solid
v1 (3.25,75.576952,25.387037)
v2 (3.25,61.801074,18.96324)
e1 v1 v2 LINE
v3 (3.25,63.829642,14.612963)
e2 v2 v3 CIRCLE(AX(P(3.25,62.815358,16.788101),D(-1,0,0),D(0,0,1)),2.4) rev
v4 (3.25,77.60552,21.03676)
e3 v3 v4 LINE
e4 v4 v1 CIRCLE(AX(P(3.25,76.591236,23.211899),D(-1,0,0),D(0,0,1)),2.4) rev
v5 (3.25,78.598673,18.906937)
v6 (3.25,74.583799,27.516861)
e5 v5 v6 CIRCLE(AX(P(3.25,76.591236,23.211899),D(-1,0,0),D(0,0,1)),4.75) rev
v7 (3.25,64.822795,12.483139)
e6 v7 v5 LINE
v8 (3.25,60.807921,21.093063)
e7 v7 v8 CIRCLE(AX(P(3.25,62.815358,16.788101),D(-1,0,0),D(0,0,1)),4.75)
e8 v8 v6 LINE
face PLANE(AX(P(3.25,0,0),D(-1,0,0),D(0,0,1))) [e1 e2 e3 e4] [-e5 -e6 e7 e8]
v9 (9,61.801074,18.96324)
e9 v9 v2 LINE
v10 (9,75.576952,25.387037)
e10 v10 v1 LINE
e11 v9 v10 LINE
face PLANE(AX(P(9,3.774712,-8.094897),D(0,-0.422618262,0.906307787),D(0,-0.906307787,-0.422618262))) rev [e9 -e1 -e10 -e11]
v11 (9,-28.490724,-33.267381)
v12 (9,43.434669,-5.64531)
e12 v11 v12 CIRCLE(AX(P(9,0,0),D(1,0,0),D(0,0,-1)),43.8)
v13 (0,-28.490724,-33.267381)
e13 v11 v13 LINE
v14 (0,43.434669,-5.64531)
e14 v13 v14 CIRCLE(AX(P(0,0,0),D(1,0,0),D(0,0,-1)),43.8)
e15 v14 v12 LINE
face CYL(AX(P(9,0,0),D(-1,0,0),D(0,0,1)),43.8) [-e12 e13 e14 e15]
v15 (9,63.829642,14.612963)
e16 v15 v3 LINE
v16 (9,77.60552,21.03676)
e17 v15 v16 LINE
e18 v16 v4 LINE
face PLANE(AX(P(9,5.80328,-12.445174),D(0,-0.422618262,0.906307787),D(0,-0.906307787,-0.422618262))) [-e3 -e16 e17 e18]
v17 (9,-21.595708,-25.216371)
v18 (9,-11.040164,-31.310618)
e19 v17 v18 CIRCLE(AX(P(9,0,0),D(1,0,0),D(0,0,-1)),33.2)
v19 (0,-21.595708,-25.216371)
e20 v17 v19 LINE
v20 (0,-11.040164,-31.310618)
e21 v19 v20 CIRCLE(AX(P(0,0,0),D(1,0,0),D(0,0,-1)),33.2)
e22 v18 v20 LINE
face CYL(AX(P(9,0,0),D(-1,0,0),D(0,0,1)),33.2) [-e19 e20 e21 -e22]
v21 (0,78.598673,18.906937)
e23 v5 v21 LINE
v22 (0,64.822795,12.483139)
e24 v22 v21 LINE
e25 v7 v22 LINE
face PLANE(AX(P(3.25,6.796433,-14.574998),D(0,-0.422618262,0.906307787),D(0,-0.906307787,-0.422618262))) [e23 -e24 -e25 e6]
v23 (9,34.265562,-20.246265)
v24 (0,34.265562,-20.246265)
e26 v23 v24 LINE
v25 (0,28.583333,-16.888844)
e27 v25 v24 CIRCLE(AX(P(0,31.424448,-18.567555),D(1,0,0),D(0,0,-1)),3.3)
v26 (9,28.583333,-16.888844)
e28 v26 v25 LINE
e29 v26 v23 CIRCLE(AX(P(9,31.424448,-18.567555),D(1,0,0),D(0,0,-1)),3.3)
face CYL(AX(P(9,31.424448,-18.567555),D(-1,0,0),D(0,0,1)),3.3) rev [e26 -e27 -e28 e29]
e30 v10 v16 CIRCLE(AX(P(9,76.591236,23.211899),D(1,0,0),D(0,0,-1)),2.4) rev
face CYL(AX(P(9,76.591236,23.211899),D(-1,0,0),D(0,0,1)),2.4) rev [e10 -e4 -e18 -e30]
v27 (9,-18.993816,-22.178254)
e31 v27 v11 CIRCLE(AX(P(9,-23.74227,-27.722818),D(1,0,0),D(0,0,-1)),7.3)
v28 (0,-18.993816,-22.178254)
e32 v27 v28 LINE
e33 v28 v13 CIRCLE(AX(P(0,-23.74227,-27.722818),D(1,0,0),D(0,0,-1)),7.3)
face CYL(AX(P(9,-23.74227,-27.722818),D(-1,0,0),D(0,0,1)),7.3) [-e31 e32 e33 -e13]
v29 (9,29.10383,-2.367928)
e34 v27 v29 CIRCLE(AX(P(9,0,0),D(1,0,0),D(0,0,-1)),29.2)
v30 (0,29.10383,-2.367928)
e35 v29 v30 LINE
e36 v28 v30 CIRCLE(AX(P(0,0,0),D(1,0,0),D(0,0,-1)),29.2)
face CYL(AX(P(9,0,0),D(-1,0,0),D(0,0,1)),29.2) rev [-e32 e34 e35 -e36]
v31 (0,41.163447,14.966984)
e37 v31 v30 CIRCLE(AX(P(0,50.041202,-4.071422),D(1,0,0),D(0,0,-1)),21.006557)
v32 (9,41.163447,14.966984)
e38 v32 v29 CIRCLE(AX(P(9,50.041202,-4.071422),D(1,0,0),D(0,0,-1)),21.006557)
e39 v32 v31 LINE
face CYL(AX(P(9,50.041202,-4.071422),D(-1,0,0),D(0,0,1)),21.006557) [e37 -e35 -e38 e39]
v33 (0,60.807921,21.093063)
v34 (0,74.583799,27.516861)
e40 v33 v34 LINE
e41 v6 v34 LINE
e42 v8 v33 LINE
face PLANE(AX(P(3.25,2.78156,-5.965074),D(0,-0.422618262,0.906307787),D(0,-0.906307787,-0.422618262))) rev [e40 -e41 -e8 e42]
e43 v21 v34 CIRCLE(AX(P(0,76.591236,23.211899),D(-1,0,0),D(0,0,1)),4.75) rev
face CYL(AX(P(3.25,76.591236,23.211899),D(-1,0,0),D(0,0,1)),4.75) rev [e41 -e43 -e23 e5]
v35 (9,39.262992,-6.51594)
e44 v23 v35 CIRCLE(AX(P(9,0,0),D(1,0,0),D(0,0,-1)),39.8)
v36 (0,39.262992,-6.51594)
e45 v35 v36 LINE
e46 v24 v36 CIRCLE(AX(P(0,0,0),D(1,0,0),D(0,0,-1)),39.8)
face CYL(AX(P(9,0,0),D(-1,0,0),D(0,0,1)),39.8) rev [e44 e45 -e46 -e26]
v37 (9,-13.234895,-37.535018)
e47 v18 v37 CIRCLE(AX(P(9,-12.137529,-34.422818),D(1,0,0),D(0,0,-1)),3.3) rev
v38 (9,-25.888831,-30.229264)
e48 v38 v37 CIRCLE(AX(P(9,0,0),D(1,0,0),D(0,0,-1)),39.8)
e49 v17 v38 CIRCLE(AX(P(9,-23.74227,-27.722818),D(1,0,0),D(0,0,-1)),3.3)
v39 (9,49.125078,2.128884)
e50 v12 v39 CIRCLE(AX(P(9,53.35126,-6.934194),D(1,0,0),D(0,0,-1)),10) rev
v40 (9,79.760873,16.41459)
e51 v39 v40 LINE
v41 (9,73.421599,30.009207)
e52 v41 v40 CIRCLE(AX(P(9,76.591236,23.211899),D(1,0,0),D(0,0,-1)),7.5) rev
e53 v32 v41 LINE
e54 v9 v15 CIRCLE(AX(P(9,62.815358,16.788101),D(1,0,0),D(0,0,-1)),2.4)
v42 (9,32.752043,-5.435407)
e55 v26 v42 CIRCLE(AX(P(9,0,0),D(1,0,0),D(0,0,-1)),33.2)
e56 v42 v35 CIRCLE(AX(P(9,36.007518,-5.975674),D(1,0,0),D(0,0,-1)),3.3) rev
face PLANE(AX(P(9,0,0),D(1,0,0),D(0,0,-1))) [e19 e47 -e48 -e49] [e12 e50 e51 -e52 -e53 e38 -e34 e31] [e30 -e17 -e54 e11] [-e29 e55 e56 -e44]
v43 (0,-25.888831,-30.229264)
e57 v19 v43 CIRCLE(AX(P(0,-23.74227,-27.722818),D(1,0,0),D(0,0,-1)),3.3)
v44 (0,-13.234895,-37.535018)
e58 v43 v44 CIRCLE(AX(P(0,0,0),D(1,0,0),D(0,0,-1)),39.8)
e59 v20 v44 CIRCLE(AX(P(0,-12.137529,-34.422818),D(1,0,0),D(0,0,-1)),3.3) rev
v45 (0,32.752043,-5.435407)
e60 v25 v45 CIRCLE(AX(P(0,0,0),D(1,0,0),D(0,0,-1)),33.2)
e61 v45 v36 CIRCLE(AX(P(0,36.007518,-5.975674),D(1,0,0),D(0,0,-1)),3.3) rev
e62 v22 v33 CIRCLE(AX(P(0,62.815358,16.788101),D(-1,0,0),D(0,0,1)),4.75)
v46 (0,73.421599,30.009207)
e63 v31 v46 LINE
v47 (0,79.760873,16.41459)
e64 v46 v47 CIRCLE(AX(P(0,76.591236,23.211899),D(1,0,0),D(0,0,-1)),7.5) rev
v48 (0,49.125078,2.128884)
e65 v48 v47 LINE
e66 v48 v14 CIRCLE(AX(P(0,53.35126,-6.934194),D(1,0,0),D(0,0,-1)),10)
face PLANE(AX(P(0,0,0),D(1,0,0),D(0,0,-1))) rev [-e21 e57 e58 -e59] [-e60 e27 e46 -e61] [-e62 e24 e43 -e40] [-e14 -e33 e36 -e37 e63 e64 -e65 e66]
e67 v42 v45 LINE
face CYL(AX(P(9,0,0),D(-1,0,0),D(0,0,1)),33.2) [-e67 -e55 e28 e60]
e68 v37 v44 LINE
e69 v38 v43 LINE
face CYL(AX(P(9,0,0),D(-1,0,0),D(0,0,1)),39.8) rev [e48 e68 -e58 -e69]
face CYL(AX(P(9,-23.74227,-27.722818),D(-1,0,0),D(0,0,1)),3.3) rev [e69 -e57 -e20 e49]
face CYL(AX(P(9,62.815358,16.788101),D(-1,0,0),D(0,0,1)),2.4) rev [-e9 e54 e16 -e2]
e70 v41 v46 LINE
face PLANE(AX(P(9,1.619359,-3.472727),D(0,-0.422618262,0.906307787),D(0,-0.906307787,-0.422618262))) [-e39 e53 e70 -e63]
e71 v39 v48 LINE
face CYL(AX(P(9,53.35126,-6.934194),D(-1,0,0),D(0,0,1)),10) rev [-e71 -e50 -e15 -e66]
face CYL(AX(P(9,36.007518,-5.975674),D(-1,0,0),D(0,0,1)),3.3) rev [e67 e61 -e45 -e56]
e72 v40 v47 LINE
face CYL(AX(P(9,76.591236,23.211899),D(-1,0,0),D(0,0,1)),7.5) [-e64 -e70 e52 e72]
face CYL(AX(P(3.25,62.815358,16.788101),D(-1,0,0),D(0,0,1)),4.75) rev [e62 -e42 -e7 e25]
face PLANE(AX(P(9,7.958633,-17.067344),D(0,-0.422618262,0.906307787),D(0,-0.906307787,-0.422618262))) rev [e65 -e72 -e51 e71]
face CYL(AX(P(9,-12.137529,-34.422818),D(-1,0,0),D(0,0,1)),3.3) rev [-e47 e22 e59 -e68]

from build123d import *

# Parameters (mm, degrees)
BOSS_EXTRUDE1_DEPTH = 9
FILLET1_R           = 10
CUT_EXTRUDE1_DEPTH  = 3.25


with BuildPart() as part:
    # Sketch2 → Boss-Extrude1 (new body)
    with BuildSketch(Plane(origin=(0, 0, 0), x_dir=(0, 0, -1), z_dir=(1, 0, 0))):
        with BuildLine():
            Line((-30.009207192, 73.421599264), (-14.966983891, 41.163447295))
            ThreePointArc((-14.966983891, 41.163447295), (-7.925043754, 32.797065521), (2.36792839, 29.103829905))
            ThreePointArc((2.36792839, 29.103829905), (26.999530596, 11.120492238), (22.178254162, -18.993815897))
            ThreePointArc((22.178254162, -18.993815897), (22.974363729, -29.286833411), (33.267381244, -28.490723845))
            ThreePointArc((33.267381244, -28.490723845), (39.862888041, 18.149108987), (0.354910699, 43.798562059))
            Line((0.354910699, 43.798562059), (-16.414590386, 79.76087319))
            ThreePointArc((-16.414590386, 79.76087319), (-26.381535752, 83.388544629), (-30.009207192, 73.421599264))
        make_face()
        with BuildLine():
            ThreePointArc((-14.612962522, 63.829641692), (-15.773817383, 60.640219175), (-18.9632399, 61.801074036))
            Line((-18.9632399, 61.801074036), (-25.387037478, 75.576952399))
            ThreePointArc((-25.387037478, 75.576952399), (-24.226182617, 78.766374916), (-21.0367601, 77.605520055))
            Line((-21.0367601, 77.605520055), (-14.612962522, 63.829641692))
        make_face(mode=Mode.SUBTRACT)
        with BuildLine():
            ThreePointArc((5.435407174, 32.75204343), (2.720199354, 36.547784002), (6.515939926, 39.262991823))
            ThreePointArc((6.515939926, 39.262991823), (13.612401704, 37.399766307), (20.246265091, 34.265562156))
            ThreePointArc((20.246265091, 34.265562156), (21.408669119, 29.745737284), (16.888844247, 28.583333256))
            ThreePointArc((16.888844247, 28.583333256), (11.355068758, 31.19779501), (5.435407174, 32.75204343))
        make_face(mode=Mode.SUBTRACT)
        with BuildLine():
            ThreePointArc((30.229264235, -25.888831256), (25.576256317, -26.248716403), (25.216371171, -21.595708485))
            ThreePointArc((25.216371171, -21.595708485), (28.752043406, -16.6), (31.310617746, -11.040163783))
            ThreePointArc((31.310617746, -11.040163783), (35.52018338, -9.025329503), (37.53501766, -13.234895137))
            ThreePointArc((37.53501766, -13.234895137), (34.467811071, -19.9), (30.229264235, -25.888831256))
        make_face(mode=Mode.SUBTRACT)
    extrude(amount=BOSS_EXTRUDE1_DEPTH)

    # Fillet1
    fillet1_edges = [part.edges().sort_by_distance(p)[0] for p in [
        (4.5, 43.798562059, -0.354910699),
    ]]
    fillet(fillet1_edges, radius=FILLET1_R)

    # Sketch3 → Cut-Extrude1 (cut)
    with BuildSketch(Plane.ZY):
        with BuildLine():
            Line((21.093063199, 60.80792112), (27.516860778, 74.583799483))
            ThreePointArc((27.516860778, 74.583799483), (25.219335532, 80.896198215), (18.906936801, 78.59867297))
            Line((18.906936801, 78.59867297), (12.483139222, 64.822794607))
            ThreePointArc((12.483139222, 64.822794607), (14.780664468, 58.510395875), (21.093063199, 60.80792112))
        make_face()
    extrude(amount=-CUT_EXTRUDE1_DEPTH, mode=Mode.SUBTRACT)


solid = part.part
